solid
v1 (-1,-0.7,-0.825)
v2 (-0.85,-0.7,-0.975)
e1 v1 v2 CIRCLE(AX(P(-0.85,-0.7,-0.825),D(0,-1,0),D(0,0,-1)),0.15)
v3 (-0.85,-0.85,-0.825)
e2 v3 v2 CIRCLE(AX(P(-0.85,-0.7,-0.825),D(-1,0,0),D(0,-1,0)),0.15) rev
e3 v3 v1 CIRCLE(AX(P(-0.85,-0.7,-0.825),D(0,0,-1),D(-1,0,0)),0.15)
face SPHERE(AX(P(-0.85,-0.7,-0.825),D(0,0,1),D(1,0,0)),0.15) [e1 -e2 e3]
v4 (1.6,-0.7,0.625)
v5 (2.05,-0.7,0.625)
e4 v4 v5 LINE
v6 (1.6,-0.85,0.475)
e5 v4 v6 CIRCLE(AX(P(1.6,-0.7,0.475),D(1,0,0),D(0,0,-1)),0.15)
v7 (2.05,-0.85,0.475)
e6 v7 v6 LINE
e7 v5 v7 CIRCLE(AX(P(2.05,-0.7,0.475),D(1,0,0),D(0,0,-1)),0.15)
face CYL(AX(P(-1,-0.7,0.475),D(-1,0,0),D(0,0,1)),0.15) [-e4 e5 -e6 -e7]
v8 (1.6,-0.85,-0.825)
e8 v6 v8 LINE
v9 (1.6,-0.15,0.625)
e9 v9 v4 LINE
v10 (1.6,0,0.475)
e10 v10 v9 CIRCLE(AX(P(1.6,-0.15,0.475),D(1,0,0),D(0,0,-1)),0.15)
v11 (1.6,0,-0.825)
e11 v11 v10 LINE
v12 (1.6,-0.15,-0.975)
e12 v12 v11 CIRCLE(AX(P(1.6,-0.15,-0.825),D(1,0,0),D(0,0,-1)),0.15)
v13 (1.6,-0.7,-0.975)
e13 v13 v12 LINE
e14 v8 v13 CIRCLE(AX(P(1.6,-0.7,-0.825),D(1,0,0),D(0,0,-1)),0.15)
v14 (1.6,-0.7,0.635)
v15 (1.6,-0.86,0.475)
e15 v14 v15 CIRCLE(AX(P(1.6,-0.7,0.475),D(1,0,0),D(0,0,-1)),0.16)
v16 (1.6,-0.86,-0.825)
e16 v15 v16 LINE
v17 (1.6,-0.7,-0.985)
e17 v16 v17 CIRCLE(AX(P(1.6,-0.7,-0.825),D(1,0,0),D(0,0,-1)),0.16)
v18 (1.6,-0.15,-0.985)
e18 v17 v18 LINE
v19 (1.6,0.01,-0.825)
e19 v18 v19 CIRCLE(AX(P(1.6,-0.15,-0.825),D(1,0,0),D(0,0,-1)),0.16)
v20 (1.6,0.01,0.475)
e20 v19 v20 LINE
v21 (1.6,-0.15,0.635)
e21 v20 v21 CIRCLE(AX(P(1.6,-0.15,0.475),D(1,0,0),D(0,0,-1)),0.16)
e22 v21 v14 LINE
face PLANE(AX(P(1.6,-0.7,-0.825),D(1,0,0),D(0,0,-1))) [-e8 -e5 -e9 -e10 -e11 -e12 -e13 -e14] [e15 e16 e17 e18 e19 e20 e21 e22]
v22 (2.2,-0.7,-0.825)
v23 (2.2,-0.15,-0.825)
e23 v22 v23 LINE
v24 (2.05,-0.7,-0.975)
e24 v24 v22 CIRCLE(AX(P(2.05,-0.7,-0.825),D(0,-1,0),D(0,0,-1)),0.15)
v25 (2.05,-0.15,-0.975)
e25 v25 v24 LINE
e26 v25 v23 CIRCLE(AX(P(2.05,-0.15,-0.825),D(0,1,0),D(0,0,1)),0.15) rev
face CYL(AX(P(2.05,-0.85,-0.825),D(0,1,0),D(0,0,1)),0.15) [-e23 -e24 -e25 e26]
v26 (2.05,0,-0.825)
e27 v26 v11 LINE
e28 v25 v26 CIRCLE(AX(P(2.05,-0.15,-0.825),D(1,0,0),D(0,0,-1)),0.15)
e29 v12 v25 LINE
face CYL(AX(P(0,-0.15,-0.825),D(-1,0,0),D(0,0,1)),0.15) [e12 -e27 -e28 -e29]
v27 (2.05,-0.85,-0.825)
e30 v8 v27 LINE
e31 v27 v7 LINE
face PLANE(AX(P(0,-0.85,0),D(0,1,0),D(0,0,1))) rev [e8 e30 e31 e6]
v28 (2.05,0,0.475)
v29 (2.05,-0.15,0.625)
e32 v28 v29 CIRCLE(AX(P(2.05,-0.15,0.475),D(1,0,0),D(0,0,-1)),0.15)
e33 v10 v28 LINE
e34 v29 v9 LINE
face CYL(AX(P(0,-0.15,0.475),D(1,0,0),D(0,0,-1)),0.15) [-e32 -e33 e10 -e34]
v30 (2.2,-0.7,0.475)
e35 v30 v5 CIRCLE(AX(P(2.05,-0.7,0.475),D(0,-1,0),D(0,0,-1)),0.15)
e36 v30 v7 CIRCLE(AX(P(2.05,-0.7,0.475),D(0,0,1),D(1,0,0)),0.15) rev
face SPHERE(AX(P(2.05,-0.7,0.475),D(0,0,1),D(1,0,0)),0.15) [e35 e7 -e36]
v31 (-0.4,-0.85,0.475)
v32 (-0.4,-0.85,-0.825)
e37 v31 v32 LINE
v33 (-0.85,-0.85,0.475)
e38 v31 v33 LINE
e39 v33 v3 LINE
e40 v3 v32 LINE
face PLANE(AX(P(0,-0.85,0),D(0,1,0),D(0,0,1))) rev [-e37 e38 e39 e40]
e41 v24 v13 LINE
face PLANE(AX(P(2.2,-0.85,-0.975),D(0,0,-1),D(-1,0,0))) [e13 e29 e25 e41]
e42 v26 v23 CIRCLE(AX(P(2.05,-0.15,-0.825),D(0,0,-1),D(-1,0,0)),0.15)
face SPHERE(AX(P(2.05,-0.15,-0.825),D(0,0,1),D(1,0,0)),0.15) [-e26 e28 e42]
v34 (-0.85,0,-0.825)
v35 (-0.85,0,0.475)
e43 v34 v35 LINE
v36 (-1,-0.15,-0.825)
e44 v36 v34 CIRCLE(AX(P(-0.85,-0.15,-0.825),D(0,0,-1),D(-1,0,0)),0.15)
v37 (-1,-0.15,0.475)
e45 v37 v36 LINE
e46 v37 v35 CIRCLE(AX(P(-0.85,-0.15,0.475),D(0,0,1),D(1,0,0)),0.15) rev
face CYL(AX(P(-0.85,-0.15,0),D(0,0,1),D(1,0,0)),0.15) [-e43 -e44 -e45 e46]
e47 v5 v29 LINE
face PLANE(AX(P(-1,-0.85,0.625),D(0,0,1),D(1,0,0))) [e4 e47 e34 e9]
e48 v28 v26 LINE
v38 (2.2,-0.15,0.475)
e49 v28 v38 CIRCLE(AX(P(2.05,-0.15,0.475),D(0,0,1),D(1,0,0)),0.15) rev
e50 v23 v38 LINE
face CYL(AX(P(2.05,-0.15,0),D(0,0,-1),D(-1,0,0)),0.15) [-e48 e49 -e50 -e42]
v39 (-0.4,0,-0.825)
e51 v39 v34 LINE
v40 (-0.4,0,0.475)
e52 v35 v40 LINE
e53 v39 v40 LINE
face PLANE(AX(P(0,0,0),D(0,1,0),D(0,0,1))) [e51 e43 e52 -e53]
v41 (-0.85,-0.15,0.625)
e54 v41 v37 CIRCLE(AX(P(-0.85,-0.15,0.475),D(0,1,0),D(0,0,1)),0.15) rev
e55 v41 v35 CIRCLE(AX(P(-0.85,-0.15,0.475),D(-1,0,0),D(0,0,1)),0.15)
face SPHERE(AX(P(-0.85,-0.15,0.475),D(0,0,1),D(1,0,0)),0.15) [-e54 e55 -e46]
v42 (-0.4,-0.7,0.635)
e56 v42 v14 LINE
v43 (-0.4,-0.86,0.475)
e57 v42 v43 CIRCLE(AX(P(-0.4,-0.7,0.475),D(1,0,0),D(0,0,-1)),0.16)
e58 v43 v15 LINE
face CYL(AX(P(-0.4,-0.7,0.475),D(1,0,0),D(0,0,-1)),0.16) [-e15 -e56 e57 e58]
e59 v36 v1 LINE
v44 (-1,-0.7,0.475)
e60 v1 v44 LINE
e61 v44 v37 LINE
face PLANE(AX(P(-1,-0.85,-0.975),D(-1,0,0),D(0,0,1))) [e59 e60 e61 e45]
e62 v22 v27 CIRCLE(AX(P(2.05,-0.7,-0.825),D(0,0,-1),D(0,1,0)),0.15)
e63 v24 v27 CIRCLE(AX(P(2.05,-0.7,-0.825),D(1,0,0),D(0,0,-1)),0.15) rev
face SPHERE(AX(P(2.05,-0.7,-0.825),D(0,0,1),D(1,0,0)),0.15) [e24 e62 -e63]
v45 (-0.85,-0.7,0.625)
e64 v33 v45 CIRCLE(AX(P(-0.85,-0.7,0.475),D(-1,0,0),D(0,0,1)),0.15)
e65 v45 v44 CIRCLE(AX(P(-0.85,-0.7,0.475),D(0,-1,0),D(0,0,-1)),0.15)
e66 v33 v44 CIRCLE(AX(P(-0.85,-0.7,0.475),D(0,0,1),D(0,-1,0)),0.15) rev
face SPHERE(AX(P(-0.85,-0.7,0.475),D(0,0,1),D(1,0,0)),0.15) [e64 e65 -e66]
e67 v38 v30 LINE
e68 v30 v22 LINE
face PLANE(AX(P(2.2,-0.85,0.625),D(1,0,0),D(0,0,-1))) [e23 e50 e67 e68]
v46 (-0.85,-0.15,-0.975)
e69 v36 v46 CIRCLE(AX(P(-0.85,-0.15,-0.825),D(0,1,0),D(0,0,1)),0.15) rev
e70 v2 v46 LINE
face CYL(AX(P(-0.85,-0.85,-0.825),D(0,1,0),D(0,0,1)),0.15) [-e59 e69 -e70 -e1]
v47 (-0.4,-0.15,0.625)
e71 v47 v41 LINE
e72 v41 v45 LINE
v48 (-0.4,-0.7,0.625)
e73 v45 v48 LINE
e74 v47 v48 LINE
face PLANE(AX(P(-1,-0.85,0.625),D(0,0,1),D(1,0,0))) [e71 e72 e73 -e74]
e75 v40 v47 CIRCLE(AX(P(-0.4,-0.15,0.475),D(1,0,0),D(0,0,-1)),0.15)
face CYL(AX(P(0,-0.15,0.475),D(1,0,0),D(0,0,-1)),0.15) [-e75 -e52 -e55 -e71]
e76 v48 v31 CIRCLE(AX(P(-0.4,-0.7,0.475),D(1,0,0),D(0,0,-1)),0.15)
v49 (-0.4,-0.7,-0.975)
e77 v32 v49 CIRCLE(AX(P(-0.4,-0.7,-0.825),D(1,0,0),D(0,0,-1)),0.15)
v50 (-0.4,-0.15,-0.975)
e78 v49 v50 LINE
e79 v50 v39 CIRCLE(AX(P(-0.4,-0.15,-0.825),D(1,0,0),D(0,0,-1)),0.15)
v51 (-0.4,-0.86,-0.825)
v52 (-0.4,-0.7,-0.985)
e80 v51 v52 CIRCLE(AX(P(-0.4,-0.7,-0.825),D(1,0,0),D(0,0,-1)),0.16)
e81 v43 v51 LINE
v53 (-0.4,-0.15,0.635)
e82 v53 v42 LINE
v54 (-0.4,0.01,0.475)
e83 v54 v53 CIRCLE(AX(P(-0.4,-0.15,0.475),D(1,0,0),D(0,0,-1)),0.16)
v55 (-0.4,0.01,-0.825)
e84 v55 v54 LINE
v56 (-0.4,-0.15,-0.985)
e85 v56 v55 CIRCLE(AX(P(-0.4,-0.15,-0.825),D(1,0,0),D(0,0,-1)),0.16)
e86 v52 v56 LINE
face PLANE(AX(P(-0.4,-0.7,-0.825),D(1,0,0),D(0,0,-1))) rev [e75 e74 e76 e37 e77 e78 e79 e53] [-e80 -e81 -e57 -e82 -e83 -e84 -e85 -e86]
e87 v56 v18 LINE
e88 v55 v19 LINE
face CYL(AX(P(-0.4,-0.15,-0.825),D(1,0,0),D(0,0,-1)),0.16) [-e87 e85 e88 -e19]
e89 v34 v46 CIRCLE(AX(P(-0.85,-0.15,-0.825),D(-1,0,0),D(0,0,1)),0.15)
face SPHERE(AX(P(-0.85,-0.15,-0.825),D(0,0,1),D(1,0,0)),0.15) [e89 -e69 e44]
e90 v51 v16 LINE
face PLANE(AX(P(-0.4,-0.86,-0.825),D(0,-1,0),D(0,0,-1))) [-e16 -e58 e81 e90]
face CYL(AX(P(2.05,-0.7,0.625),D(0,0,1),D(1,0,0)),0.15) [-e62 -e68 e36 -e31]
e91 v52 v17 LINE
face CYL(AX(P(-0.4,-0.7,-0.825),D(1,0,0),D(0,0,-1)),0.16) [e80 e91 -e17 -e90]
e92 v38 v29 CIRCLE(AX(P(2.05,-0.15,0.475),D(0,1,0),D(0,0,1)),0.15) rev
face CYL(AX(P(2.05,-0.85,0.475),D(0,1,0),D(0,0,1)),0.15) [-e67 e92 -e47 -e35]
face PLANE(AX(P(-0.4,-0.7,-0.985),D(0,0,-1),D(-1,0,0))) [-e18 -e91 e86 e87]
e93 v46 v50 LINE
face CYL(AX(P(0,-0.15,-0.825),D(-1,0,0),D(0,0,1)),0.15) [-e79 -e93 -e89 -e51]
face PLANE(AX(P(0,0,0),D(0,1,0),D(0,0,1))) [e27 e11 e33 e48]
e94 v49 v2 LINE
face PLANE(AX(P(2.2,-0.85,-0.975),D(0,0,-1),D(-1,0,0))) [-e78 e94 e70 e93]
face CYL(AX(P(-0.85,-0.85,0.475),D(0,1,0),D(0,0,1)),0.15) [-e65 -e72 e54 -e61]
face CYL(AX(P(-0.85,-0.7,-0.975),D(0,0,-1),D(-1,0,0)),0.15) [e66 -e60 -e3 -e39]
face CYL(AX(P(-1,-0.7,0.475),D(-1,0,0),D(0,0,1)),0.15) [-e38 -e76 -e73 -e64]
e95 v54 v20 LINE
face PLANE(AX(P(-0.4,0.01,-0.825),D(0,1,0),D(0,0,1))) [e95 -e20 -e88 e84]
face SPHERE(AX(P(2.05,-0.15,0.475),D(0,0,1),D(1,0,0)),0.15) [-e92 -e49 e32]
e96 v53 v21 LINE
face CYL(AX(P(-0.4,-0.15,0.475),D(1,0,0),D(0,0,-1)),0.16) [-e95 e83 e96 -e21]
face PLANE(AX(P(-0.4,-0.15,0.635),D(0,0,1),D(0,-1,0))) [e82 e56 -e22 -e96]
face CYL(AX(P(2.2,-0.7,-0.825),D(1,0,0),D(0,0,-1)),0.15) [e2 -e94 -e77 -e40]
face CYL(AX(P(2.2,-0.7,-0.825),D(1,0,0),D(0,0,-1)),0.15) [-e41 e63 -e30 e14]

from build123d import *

# Parameters (mm, degrees)
ESBO_O1_W                     = 3.2
ESBO_O1_H                     = 1.6
RESSALTO_EXTRUS_O1_DEPTH      = 0.85
FILETE1_R                     = 0.15
RESSALTO_EXTRUS_O4_DEPTH      = 1
RESSALTO_EXTRUS_O4_DEPTH_BACK = 1


with BuildPart() as part:
    # Esboço1 → Ressalto-extrusão1 (new body)
    with BuildSketch(Plane(origin=(0, 0, 0), x_dir=(1, 0, 0), z_dir=(0, 1, 0))):
        with Locations((0.6, 0.175)):
            Rectangle(ESBO_O1_W, ESBO_O1_H)
    extrude(amount=-RESSALTO_EXTRUS_O1_DEPTH)

    # Filete1
    filete1_edges = [part.edges().sort_by_distance(p)[0] for p in [
        (2.2, -0.85, -0.175),
        (0.6, -0.85, -0.975),
        (-1, -0.85, -0.175),
        (0.6, 0, -0.975),
        (2.2, 0, -0.175),
        (0.6, 0, 0.625),
        (-1, 0, -0.175),
        (0.6, -0.85, 0.625),
        (-1, -0.425, -0.975),
        (2.2, -0.425, -0.975),
        (2.2, -0.425, 0.625),
        (-1, -0.425, 0.625),
    ]]
    fillet(filete1_edges, radius=FILETE1_R)

    # Esboço4 → Ressalto-extrusão4 (add, two sides: drawn at the far end of the back side and taken through both)
    with BuildSketch(Plane(origin=(0.6, 0, 0), x_dir=(0, 0, -1), z_dir=(1, 0, 0)).offset(-RESSALTO_EXTRUS_O4_DEPTH_BACK)):
        with BuildLine():
            Line((0.985, -0.7), (0.985, -0.15))
            ThreePointArc((0.985, -0.15), (0.938137085, -0.036862915), (0.825, 0.01))
            Line((0.825, 0.01), (-0.475, 0.01))
            ThreePointArc((-0.475, 0.01), (-0.588137085, -0.036862915), (-0.635, -0.15))
            Line((-0.635, -0.15), (-0.635, -0.7))
            ThreePointArc((-0.635, -0.7), (-0.588137085, -0.813137085), (-0.475, -0.86))
            Line((-0.475, -0.86), (0.825, -0.86))
            ThreePointArc((0.825, -0.86), (0.938137085, -0.813137085), (0.985, -0.7))
        make_face()
        with BuildLine():
            Line((0.975, -0.7), (0.975, -0.15))
            ThreePointArc((0.975, -0.15), (0.931066017, -0.043933983), (0.825, 0))
            Line((0.825, 0), (-0.475, 0))
            ThreePointArc((-0.475, 0), (-0.581066017, -0.043933983), (-0.625, -0.15))
            Line((-0.625, -0.15), (-0.625, -0.7))
            ThreePointArc((-0.625, -0.7), (-0.581066017, -0.806066017), (-0.475, -0.85))
            Line((-0.475, -0.85), (0.825, -0.85))
            ThreePointArc((0.825, -0.85), (0.931066017, -0.806066017), (0.975, -0.7))
        make_face(mode=Mode.SUBTRACT)
    extrude(amount=RESSALTO_EXTRUS_O4_DEPTH + RESSALTO_EXTRUS_O4_DEPTH_BACK)


solid = part.part
